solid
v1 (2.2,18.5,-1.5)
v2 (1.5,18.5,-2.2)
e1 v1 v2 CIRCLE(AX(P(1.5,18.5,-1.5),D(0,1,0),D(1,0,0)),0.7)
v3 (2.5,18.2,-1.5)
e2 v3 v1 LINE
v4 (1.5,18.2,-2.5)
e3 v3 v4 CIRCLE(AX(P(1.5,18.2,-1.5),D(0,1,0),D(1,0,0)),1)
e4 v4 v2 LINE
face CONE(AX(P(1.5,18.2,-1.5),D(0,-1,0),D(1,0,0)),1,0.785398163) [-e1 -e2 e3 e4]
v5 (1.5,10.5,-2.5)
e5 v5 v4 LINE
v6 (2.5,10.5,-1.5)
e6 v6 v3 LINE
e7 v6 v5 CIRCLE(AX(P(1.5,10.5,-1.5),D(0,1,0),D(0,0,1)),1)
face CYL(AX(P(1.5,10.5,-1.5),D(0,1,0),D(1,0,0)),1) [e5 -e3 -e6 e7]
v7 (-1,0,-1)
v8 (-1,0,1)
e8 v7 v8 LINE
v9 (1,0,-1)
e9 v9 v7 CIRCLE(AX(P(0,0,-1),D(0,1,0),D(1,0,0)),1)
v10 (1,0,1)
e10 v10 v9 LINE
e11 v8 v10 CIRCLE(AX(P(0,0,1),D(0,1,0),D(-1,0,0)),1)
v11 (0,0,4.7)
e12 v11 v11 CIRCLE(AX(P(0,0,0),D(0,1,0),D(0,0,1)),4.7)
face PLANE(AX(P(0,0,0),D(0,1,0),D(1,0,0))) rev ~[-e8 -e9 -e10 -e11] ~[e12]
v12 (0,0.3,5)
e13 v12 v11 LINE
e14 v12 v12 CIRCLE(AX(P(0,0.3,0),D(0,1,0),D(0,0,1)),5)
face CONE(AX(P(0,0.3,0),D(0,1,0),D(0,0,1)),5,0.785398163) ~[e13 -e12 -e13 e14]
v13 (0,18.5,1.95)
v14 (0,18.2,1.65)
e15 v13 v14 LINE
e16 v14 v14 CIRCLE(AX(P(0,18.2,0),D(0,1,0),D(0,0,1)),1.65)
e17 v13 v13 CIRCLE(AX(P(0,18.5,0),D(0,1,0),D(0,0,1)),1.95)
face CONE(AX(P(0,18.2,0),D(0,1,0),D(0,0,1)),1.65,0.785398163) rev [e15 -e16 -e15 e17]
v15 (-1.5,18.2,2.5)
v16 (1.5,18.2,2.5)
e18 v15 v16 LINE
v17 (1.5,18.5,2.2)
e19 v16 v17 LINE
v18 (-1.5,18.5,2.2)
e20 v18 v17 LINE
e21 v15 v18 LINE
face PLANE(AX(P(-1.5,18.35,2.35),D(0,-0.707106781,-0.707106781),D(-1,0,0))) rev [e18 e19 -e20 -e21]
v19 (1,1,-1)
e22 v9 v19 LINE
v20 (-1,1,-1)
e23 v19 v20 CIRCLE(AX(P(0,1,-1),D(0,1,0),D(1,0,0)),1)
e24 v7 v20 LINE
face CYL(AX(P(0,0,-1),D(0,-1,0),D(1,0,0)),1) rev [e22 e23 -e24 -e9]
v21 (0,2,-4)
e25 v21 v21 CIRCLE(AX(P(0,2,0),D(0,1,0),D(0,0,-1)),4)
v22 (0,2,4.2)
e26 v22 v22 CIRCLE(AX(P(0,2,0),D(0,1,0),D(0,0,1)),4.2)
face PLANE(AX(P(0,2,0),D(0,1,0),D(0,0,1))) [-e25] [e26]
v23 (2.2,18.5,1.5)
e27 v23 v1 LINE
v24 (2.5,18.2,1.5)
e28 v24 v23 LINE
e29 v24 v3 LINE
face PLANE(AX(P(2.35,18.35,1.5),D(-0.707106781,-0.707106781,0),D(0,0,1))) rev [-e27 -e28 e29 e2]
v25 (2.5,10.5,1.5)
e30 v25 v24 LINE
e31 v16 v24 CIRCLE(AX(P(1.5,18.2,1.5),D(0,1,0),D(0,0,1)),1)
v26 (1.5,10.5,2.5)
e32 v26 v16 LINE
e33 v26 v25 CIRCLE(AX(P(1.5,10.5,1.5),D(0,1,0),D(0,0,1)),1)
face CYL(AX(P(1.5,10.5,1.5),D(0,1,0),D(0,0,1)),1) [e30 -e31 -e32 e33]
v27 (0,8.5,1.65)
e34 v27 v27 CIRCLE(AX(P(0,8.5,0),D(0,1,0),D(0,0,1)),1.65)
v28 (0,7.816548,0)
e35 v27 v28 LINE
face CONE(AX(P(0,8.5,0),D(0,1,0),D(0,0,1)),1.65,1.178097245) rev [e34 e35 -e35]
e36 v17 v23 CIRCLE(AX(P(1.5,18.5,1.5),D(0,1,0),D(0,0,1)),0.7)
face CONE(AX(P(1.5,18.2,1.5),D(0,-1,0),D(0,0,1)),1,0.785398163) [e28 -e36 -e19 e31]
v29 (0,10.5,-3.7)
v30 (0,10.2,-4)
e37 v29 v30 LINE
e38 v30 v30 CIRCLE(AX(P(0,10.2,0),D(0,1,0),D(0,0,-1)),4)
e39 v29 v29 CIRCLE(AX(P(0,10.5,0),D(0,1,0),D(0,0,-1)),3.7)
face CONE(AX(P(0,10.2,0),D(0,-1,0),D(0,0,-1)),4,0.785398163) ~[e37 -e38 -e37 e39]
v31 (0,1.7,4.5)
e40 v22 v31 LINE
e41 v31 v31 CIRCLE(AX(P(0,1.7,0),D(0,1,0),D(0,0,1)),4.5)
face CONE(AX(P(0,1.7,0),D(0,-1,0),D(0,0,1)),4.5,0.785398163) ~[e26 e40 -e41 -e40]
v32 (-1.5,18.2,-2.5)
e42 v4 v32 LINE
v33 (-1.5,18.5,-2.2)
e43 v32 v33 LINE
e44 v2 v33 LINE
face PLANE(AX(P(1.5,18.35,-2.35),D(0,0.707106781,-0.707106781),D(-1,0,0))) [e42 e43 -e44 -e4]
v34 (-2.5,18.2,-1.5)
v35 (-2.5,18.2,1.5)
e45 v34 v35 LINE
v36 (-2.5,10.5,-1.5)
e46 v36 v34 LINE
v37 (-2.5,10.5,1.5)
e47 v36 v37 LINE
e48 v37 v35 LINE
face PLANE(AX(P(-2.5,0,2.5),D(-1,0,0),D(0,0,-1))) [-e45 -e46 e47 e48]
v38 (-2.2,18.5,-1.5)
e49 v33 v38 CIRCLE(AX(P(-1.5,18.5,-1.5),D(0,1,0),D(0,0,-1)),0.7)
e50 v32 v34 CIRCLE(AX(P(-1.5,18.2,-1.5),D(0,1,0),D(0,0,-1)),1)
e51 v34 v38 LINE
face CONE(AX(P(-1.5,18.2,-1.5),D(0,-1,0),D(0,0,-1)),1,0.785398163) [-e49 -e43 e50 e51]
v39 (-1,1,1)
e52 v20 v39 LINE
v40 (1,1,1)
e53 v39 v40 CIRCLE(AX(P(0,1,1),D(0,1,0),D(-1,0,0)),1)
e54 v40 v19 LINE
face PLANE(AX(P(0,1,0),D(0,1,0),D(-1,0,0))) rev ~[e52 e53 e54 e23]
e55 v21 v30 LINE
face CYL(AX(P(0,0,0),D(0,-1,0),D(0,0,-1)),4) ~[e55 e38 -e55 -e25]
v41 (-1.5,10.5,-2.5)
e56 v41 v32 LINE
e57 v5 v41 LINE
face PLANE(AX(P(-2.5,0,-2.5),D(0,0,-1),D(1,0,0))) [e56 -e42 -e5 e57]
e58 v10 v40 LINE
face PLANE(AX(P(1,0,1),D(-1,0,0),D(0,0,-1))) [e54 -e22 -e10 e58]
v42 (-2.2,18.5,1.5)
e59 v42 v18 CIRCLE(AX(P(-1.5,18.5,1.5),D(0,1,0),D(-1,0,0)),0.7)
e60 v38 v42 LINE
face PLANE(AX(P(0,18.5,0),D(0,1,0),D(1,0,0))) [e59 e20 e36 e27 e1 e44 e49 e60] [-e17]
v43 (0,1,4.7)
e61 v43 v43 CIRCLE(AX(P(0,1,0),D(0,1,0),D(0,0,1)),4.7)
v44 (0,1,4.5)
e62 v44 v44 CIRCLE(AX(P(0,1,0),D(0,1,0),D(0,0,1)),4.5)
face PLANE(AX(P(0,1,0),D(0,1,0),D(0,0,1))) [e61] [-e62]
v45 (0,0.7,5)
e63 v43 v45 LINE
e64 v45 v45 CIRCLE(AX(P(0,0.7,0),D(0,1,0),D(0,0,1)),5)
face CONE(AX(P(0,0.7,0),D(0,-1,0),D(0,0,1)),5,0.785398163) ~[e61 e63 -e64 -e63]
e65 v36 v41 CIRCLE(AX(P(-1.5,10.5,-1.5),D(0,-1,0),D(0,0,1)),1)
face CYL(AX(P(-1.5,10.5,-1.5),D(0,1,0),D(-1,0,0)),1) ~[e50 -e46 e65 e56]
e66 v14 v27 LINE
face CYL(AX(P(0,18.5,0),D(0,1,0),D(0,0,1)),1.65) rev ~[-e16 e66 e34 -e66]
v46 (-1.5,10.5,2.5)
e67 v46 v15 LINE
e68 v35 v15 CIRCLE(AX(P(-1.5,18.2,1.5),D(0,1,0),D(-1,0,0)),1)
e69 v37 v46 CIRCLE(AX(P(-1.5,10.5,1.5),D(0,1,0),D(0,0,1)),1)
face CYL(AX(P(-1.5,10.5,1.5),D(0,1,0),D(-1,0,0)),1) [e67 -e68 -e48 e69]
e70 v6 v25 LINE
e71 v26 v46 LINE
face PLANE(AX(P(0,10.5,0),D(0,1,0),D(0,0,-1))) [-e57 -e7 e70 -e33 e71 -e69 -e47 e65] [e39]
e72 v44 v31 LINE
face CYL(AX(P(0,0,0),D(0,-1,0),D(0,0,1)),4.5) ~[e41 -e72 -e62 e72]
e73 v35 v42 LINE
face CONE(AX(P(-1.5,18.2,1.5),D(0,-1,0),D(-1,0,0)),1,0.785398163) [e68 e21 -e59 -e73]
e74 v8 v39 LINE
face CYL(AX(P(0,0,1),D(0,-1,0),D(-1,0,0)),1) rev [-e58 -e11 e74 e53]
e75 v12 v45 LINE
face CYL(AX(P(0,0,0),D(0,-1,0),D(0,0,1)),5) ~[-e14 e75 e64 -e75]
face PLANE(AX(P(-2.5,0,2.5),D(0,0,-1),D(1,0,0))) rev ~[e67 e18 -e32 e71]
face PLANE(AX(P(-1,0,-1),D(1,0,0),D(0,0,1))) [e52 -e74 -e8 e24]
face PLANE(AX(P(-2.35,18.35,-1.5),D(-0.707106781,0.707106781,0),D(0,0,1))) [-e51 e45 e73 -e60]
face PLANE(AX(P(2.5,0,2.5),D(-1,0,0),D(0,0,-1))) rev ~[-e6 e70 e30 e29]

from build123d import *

# Parameters (mm, degrees)
SKETCH_1_R          = 5
SKETCH_1_R_2        = 4.5
EXTRUDE_1_DEPTH     = 1
SKETCH_1_5_R        = 4.5
SKETCH_1_5_R_2      = 4
EXTRUDE_2_DEPTH     = 2
SKETCH_1_6_R        = 4
EXTRUDE_3_DEPTH     = 10.5
SKETCH_1_7_W        = 5
SKETCH_1_7_H        = 5
EXTRUDE_4_DEPTH     = 18.5
CUT_EXTRUDE_1_DEPTH = 1
SKETCH_5_R          = 1.65
CUT_EXTRUDE_2_DEPTH = 10
FILLET_1_R          = 1
CHAMFER_1_SIZE      = 0.3


with BuildPart() as part:
    # 스케치1 → 보스-돌출1 (new body)
    with BuildSketch(Plane(origin=(0, 0, 0), x_dir=(1, 0, 0), z_dir=(0, 1, 0))):
        Circle(SKETCH_1_R)
        Circle(SKETCH_1_R_2, mode=Mode.SUBTRACT)
    extrude(amount=EXTRUDE_1_DEPTH)

    # 스케치1<5> → 보스-돌출2 (add)
    with BuildSketch(Plane(origin=(0, 0, 0), x_dir=(1, 0, 0), z_dir=(0, 1, 0))):
        Circle(SKETCH_1_5_R)
        Circle(SKETCH_1_5_R_2, mode=Mode.SUBTRACT)
    extrude(amount=EXTRUDE_2_DEPTH)

    # 스케치1<6> → 보스-돌출3 (add)
    with BuildSketch(Plane(origin=(0, 0, 0), x_dir=(1, 0, 0), z_dir=(0, 1, 0))):
        Circle(SKETCH_1_6_R)
    extrude(amount=EXTRUDE_3_DEPTH)

    # 스케치1<7> → 보스-돌출4 (add)
    with BuildSketch(Plane(origin=(0, 0, 0), x_dir=(1, 0, 0), z_dir=(0, 1, 0))):
        Rectangle(SKETCH_1_7_W, SKETCH_1_7_H)
    extrude(amount=EXTRUDE_4_DEPTH)

    # 스케치3 → 컷-돌출1 (cut)
    with BuildSketch(Plane.XZ):
        with BuildLine():
            Line((1, 1), (1, -1))
            ThreePointArc((1, -1), (0, -2), (-1, -1))
            Line((-1, -1), (-1, 1))
            ThreePointArc((-1, 1), (0, 2), (1, 1))
        make_face()
    extrude(amount=-CUT_EXTRUDE_1_DEPTH, mode=Mode.SUBTRACT)

    # 스케치4 → 컷-회전1 (revolve, cut)
    with BuildSketch(Plane.XY):
        Polygon((0, 8.5), (-1.65, 8.5), (0, 7.816547622), align=None)
    revolve(axis=Axis((0, -0.586194708, 0), (0, 1, 0)), mode=Mode.SUBTRACT)

    # 스케치5 → 컷-돌출2 (cut)
    with BuildSketch(Plane(origin=(0, 18.5, 0), x_dir=(1, 0, 0), z_dir=(0, 1, 0))):
        Circle(SKETCH_5_R)
    extrude(amount=-CUT_EXTRUDE_2_DEPTH, mode=Mode.SUBTRACT)

    # 필렛1
    fillet_1_edges = [part.edges().sort_by_distance(p)[0] for p in [
        (2.5, 14.5, 2.5),
        (2.5, 14.5, -2.5),
        (-2.5, 14.5, 2.5),
        (-2.5, 14.5, -2.5),
    ]]
    fillet(fillet_1_edges, radius=FILLET_1_R)

    # 모따기1
    chamfer_1_edges = [part.edges().sort_by_distance(p)[0] for p in [
        (-1.65, 18.5, 0),
        (-5, 0, 0),
        (-5, 1, 0),
        (-4.5, 2, 0),
        (-4, 10.5, 0),
        (2.5, 18.5, 0),
        (0, 18.5, -2.5),
        (-2.5, 18.5, 0),
        (0, 18.5, 2.5),
        (2.207106781, 18.5, 2.207106781),
        (-2.207106781, 18.5, 2.207106781),
        (2.207106781, 18.5, -2.207106781),
        (-2.207106781, 18.5, -2.207106781),
    ]]
    chamfer(chamfer_1_edges, length=CHAMFER_1_SIZE)


solid = part.part
